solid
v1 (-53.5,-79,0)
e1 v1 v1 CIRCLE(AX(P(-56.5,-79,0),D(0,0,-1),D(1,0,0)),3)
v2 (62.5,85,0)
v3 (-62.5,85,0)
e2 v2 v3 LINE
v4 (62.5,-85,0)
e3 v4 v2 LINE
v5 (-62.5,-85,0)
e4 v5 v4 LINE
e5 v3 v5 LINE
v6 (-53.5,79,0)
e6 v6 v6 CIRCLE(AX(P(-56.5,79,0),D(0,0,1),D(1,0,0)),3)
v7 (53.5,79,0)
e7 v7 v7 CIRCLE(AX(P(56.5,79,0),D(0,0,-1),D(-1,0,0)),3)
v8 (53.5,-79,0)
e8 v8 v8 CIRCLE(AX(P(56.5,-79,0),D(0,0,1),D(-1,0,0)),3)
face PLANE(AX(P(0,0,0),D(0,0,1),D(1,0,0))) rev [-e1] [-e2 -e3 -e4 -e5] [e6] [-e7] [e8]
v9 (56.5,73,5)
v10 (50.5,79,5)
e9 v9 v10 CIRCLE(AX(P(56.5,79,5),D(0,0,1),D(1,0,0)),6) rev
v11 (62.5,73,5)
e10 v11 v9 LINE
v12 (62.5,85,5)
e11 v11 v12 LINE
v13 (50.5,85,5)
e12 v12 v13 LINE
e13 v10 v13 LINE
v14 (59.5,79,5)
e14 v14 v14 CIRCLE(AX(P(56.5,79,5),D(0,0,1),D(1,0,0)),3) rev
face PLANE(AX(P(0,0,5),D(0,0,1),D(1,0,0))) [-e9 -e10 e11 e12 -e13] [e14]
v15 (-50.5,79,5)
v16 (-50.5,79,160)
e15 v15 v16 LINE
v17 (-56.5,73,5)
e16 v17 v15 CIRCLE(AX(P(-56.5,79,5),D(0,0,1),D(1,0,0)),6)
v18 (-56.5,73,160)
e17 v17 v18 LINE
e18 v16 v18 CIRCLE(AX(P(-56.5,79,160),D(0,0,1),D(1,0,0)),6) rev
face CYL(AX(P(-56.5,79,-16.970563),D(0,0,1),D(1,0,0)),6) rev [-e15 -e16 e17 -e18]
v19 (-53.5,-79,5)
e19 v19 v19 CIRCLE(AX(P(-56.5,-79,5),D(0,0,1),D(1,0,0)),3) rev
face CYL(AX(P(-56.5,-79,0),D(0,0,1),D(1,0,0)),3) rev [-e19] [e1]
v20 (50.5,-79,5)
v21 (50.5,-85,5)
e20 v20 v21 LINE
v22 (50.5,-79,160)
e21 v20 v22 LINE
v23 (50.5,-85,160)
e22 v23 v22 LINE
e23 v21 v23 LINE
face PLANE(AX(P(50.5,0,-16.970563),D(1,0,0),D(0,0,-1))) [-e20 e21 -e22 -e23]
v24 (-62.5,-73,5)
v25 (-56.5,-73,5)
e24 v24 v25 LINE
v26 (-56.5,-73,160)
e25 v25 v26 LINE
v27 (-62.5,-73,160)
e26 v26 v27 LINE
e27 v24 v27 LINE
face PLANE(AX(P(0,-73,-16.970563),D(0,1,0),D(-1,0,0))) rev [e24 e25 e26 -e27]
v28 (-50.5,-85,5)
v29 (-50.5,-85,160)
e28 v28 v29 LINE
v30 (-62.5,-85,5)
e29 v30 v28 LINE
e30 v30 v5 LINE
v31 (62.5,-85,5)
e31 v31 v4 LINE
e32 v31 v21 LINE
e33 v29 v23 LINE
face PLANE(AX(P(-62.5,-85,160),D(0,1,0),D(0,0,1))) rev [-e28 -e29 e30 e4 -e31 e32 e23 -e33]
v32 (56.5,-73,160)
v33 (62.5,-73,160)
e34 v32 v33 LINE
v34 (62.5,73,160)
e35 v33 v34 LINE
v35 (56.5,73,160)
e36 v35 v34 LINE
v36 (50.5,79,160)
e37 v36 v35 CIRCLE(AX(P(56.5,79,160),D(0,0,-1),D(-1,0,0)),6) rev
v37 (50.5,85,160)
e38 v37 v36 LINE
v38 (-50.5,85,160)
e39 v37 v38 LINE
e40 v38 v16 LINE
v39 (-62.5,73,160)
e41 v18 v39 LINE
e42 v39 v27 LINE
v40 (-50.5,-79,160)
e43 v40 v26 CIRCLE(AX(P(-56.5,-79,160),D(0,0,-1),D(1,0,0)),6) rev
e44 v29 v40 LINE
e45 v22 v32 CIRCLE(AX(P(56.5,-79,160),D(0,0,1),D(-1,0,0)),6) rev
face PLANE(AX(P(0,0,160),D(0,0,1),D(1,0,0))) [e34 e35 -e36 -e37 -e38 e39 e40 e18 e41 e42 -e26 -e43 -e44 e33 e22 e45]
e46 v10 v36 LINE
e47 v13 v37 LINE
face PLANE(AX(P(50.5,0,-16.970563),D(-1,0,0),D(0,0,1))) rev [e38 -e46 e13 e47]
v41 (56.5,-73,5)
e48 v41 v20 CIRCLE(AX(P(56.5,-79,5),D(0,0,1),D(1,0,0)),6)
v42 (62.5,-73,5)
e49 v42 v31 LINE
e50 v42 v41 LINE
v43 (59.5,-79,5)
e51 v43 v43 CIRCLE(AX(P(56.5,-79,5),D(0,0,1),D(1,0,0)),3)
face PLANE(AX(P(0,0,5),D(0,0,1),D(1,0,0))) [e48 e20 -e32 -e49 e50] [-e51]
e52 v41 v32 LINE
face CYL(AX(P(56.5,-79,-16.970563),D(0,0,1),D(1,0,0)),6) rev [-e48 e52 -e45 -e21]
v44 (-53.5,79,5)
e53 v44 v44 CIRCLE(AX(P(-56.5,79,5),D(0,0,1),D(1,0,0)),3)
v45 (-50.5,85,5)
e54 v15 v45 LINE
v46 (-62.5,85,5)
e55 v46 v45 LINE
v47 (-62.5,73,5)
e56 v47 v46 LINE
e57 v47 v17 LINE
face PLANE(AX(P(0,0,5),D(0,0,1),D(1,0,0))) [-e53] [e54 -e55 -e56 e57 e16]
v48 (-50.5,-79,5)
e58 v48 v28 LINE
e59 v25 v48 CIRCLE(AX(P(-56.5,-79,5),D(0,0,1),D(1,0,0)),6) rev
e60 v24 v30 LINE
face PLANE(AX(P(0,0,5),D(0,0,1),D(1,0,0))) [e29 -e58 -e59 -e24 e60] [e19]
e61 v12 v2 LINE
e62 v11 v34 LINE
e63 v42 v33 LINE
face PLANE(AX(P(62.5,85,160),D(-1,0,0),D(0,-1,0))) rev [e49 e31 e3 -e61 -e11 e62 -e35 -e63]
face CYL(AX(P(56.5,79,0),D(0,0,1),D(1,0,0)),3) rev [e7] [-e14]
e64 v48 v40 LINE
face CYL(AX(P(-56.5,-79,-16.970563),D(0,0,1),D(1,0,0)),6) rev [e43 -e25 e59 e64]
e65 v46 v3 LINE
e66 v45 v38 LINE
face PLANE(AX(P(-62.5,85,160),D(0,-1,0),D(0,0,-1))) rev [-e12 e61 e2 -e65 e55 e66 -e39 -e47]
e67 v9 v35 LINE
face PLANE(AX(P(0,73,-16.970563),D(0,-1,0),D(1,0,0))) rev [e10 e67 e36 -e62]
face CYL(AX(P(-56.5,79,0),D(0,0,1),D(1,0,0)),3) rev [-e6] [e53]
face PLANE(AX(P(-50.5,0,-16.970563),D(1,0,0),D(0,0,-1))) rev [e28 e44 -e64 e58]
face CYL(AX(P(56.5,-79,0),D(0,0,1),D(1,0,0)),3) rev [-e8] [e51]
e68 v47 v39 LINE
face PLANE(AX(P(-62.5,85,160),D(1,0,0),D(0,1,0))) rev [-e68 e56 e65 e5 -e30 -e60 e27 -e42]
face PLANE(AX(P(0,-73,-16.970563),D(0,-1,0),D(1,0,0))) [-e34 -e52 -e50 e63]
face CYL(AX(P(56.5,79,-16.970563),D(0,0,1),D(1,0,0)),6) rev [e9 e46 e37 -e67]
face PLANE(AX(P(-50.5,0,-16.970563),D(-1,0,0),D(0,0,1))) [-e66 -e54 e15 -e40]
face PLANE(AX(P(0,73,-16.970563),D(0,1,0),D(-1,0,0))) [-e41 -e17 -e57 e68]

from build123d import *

# Parameters (mm, degrees)
SKETCH1_W               = 125
SKETCH1_H               = 170
BOSS_EXTRUDE1_DEPTH     = 160
SKETCH2_R               = 3
CUT_EXTRUDE1_DEPTH      = 155
SKETCH2_3_R             = 3
CUT_EXTRUDE2_DEPTH      = 192.653985088
MIRROR2_COPY_1_SKETCH_R = 3
MIRROR2_COPY_1_DEPTH    = 155
MIRROR2_COPY_2_SKETCH_R = 3
MIRROR2_COPY_2_DEPTH    = 192.653985088


with BuildPart() as part:
    # Sketch1 → Boss-Extrude1 (new body)
    with BuildSketch(Plane.XY):
        Rectangle(SKETCH1_W, SKETCH1_H)
    extrude(amount=BOSS_EXTRUDE1_DEPTH)

    # Sketch2 → Cut-Extrude1 (cut)
    # profile 1 of 2: a face of its own
    with BuildSketch(Plane.XY.offset(160)):
        with BuildLine():
            Line((-50.5, 85), (-62.5, 85))
            Line((-62.5, 85), (-62.5, 73))
            Line((-62.5, 73), (-56.5, 73))
            ThreePointArc((-56.5, 73), (-52.257359313, 74.757359313), (-50.5, 79))
            Line((-50.5, 79), (-50.5, 85))
        make_face()
        with Locations((-56.5, 79)):
            Circle(SKETCH2_R, mode=Mode.SUBTRACT)
    # profile 2 of 2: a face of its own
    with BuildSketch(Plane.XY.offset(160)):
        with Locations((-56.5, 79)):
            Circle(SKETCH2_R)
    cut_extrude1 = extrude(amount=-CUT_EXTRUDE1_DEPTH, mode=Mode.SUBTRACT)

    # Sketch2<3> → Cut-Extrude2 (cut, through all)
    with BuildSketch(Plane.XY.offset(160)):
        with Locations((-56.5, 79)):
            Circle(SKETCH2_3_R)
    cut_extrude2 = extrude(amount=-CUT_EXTRUDE2_DEPTH, mode=Mode.SUBTRACT)

    # Mirror1: Cut-Extrude1, Cut-Extrude2 across plane
    add(cut_extrude1.mirror(Plane.ZX), mode=Mode.SUBTRACT)
    add(cut_extrude2.mirror(Plane.ZX), mode=Mode.SUBTRACT)

    # Mirror2: Cut-Extrude1, Cut-Extrude2 across plane
    add(cut_extrude1.mirror(Plane(origin=(0, 0, 0), x_dir=(0, 0, 1), z_dir=(1, 0, 0))), mode=Mode.SUBTRACT)
    add(cut_extrude2.mirror(Plane(origin=(0, 0, 0), x_dir=(0, 0, 1), z_dir=(1, 0, 0))), mode=Mode.SUBTRACT)

    # Mirror2 copy 1 sketch → Mirror2 copy 1 (cut)
    # profile 1 of 2: a face of its own
    with BuildSketch(Plane(origin=(0, 0, 160), x_dir=(-1, 0, 0), z_dir=(0, 0, 1))):
        with BuildLine():
            Line((-50.5, 85), (-62.5, 85))
            Line((-62.5, 85), (-62.5, 73))
            Line((-62.5, 73), (-56.5, 73))
            ThreePointArc((-56.5, 73), (-52.257359313, 74.757359313), (-50.5, 79))
            Line((-50.5, 79), (-50.5, 85))
        make_face()
        with Locations((-56.5, 79)):
            Circle(MIRROR2_COPY_1_SKETCH_R, mode=Mode.SUBTRACT)
    # profile 2 of 2: a face of its own
    with BuildSketch(Plane(origin=(0, 0, 160), x_dir=(-1, 0, 0), z_dir=(0, 0, 1))):
        with Locations((-56.5, 79)):
            Circle(MIRROR2_COPY_1_SKETCH_R)
    extrude(amount=-MIRROR2_COPY_1_DEPTH, mode=Mode.SUBTRACT)

    # Mirror2 copy 2 sketch → Mirror2 copy 2 (cut, through all)
    with BuildSketch(Plane(origin=(0, 0, 160), x_dir=(-1, 0, 0), z_dir=(0, 0, 1))):
        with Locations((-56.5, 79)):
            Circle(MIRROR2_COPY_2_SKETCH_R)
    extrude(amount=-MIRROR2_COPY_2_DEPTH, mode=Mode.SUBTRACT)


solid = part.part
